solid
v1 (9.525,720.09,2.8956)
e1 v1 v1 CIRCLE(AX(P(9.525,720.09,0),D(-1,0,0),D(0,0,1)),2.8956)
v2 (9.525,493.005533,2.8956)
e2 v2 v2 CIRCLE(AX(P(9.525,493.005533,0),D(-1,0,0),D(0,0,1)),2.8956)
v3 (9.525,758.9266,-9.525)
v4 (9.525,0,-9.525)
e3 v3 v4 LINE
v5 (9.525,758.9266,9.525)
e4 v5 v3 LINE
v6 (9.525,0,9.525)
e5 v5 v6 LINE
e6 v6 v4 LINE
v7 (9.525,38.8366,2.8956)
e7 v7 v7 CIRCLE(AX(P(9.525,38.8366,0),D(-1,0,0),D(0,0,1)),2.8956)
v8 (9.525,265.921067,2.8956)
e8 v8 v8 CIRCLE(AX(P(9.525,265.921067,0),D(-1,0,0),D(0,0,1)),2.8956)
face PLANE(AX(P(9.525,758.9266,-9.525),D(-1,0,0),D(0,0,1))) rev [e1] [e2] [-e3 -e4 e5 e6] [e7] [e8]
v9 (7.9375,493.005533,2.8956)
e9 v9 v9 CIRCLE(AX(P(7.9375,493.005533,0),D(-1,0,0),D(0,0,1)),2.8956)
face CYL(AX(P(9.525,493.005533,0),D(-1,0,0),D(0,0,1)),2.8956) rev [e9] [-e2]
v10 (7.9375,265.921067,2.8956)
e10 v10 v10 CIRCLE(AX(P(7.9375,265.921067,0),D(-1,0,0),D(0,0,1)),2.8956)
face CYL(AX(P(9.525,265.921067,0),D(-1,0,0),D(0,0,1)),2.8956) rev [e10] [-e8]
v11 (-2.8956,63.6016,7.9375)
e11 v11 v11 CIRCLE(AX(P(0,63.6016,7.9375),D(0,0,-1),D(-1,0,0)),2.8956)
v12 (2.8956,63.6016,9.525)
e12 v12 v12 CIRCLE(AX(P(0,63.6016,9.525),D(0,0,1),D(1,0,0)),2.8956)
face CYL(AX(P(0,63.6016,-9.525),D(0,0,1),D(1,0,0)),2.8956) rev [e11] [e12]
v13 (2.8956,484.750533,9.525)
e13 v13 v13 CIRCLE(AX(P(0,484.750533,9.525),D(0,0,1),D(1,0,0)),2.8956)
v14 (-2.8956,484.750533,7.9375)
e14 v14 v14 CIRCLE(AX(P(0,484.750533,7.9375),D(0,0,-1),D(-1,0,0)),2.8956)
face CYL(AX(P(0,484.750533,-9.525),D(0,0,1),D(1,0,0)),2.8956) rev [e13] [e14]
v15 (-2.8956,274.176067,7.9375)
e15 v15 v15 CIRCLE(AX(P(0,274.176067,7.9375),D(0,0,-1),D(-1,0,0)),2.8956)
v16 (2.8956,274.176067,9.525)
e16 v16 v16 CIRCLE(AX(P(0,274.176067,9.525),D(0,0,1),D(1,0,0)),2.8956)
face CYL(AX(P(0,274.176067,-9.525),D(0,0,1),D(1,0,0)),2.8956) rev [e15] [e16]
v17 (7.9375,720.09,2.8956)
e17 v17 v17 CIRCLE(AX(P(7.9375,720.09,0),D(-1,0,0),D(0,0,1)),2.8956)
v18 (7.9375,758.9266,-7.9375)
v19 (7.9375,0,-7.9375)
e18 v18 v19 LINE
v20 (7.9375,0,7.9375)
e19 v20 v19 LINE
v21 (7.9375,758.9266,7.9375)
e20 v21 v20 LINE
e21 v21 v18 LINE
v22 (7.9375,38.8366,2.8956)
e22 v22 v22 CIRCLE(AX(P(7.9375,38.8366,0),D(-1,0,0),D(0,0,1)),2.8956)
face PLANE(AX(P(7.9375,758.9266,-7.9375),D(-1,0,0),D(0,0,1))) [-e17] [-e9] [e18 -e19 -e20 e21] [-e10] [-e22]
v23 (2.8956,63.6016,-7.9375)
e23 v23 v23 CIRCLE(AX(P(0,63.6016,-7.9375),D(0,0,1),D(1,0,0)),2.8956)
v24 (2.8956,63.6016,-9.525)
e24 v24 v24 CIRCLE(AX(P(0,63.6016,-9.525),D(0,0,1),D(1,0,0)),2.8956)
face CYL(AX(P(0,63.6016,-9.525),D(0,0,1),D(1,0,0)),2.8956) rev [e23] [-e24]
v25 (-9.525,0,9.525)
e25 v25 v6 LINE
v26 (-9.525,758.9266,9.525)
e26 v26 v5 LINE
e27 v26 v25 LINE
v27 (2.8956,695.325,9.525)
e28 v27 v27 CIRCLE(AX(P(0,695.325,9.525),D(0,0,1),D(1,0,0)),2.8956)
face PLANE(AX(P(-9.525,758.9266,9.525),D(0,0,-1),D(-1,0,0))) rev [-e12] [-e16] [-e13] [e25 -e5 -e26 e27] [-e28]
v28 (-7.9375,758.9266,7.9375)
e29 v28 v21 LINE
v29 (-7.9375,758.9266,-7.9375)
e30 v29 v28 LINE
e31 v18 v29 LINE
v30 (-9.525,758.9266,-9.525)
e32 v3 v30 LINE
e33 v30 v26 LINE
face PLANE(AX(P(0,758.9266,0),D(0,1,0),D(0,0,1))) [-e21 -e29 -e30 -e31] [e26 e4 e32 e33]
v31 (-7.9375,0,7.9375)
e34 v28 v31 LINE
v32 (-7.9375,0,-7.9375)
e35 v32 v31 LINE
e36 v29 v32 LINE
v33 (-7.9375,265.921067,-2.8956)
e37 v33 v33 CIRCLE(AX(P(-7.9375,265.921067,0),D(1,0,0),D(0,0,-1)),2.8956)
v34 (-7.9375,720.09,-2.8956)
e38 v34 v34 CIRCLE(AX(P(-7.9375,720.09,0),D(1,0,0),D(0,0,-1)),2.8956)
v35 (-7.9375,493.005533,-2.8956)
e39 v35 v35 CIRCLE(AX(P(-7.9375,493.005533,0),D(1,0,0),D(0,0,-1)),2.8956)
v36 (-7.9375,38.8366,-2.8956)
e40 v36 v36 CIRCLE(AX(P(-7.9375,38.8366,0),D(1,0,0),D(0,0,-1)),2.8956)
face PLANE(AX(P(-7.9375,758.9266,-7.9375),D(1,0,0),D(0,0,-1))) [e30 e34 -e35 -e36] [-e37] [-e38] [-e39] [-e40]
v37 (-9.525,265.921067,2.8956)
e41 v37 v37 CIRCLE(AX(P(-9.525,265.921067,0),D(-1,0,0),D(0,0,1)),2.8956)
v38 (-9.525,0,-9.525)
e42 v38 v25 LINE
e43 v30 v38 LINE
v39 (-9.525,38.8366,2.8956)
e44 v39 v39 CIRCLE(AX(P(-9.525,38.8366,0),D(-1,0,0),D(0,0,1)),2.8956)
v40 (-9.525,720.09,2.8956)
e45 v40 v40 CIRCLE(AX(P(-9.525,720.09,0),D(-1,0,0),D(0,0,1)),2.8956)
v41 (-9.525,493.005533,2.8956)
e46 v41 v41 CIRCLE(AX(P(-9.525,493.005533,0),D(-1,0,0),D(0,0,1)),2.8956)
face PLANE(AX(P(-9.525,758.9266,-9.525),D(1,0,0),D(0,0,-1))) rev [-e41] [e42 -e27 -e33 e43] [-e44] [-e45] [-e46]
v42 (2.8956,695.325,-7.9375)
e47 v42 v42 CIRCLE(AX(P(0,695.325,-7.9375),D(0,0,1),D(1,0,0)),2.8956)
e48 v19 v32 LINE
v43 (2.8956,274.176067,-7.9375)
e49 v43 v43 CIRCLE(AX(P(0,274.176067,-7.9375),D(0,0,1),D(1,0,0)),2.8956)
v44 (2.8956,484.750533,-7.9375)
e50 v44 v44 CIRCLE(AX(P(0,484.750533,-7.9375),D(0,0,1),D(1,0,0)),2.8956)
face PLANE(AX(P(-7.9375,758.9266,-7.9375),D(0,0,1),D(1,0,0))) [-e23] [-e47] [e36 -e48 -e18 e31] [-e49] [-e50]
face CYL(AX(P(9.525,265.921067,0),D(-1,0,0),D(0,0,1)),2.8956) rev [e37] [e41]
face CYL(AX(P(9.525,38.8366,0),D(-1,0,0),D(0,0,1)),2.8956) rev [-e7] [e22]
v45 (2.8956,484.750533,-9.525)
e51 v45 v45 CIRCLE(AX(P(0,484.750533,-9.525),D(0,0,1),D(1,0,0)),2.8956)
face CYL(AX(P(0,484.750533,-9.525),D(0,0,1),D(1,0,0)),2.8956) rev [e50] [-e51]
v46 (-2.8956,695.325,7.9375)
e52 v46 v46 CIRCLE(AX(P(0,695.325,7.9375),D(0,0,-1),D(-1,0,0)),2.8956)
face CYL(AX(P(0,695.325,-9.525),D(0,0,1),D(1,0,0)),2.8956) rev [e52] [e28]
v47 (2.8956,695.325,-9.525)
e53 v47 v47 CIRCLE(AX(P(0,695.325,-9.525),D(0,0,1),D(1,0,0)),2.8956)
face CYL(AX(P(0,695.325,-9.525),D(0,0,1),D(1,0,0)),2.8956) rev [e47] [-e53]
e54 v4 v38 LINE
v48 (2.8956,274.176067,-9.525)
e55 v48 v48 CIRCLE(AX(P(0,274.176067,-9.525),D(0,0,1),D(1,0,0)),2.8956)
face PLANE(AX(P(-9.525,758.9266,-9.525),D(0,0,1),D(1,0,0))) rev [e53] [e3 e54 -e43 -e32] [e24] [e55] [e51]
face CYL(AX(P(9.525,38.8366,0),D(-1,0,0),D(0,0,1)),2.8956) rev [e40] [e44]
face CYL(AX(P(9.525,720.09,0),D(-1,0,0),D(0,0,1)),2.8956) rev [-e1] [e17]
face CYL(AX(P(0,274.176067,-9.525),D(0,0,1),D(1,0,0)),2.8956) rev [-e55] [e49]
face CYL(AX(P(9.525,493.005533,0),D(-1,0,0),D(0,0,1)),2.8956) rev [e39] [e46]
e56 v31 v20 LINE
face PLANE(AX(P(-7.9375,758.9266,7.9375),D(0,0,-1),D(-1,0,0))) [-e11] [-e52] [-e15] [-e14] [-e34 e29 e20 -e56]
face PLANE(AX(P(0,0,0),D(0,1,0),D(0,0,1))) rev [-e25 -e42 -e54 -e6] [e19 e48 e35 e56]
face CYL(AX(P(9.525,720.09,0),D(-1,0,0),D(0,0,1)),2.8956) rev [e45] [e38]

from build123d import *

# Parameters (mm, degrees)
SKETCH1_W             = 19.05
SKETCH1_H             = 19.05
SKETCH1_W_2           = 15.875
SKETCH1_H_2           = 15.875
TUBE_DEPTH            = 758.9266
SKETCH2_R             = 2.8956
SIDE_WALL_HOLES_DEPTH = 20.05
LPATTERN1_COUNT       = 4
LPATTERN1_PITCH       = 210.574466667
SKETCH3_R             = 2.8956
REARWALLHOLES_DEPTH   = 20.05
LPATTERN2_COUNT       = 4
LPATTERN2_PITCH       = 227.084466667


with BuildPart() as part:
    # Sketch1 → Tube (new body)
    with BuildSketch(Plane(origin=(0, 0, 0), x_dir=(1, 0, 0), z_dir=(0, 1, 0))):
        Rectangle(SKETCH1_W, SKETCH1_H)
        Rectangle(SKETCH1_W_2, SKETCH1_H_2, mode=Mode.SUBTRACT)
    extrude(amount=TUBE_DEPTH)

    # Sketch2 → Side Wall Holes (cut, through all)
    with BuildSketch(Plane.XY.offset(9.525)):
        with Locations((0, 695.325)):
            Circle(SKETCH2_R)
    side_wall_holes = extrude(amount=-SIDE_WALL_HOLES_DEPTH, mode=Mode.SUBTRACT)

    # LPattern1: Side Wall Holes ×4
    with Locations(*[(0, -i * LPATTERN1_PITCH, 0) for i in range(1, LPATTERN1_COUNT)]):
        add(side_wall_holes, mode=Mode.SUBTRACT)

    # Sketch3 → RearWallHoles (cut, through all)
    with BuildSketch(Plane.ZY.offset(9.525)):
        with Locations((0, 720.09)):
            Circle(SKETCH3_R)
    rearwallholes = extrude(amount=-REARWALLHOLES_DEPTH, mode=Mode.SUBTRACT)

    # LPattern2: RearWallHoles ×4
    with Locations(*[(0, -i * LPATTERN2_PITCH, 0) for i in range(1, LPATTERN2_COUNT)]):
        add(rearwallholes, mode=Mode.SUBTRACT)


solid = part.part
